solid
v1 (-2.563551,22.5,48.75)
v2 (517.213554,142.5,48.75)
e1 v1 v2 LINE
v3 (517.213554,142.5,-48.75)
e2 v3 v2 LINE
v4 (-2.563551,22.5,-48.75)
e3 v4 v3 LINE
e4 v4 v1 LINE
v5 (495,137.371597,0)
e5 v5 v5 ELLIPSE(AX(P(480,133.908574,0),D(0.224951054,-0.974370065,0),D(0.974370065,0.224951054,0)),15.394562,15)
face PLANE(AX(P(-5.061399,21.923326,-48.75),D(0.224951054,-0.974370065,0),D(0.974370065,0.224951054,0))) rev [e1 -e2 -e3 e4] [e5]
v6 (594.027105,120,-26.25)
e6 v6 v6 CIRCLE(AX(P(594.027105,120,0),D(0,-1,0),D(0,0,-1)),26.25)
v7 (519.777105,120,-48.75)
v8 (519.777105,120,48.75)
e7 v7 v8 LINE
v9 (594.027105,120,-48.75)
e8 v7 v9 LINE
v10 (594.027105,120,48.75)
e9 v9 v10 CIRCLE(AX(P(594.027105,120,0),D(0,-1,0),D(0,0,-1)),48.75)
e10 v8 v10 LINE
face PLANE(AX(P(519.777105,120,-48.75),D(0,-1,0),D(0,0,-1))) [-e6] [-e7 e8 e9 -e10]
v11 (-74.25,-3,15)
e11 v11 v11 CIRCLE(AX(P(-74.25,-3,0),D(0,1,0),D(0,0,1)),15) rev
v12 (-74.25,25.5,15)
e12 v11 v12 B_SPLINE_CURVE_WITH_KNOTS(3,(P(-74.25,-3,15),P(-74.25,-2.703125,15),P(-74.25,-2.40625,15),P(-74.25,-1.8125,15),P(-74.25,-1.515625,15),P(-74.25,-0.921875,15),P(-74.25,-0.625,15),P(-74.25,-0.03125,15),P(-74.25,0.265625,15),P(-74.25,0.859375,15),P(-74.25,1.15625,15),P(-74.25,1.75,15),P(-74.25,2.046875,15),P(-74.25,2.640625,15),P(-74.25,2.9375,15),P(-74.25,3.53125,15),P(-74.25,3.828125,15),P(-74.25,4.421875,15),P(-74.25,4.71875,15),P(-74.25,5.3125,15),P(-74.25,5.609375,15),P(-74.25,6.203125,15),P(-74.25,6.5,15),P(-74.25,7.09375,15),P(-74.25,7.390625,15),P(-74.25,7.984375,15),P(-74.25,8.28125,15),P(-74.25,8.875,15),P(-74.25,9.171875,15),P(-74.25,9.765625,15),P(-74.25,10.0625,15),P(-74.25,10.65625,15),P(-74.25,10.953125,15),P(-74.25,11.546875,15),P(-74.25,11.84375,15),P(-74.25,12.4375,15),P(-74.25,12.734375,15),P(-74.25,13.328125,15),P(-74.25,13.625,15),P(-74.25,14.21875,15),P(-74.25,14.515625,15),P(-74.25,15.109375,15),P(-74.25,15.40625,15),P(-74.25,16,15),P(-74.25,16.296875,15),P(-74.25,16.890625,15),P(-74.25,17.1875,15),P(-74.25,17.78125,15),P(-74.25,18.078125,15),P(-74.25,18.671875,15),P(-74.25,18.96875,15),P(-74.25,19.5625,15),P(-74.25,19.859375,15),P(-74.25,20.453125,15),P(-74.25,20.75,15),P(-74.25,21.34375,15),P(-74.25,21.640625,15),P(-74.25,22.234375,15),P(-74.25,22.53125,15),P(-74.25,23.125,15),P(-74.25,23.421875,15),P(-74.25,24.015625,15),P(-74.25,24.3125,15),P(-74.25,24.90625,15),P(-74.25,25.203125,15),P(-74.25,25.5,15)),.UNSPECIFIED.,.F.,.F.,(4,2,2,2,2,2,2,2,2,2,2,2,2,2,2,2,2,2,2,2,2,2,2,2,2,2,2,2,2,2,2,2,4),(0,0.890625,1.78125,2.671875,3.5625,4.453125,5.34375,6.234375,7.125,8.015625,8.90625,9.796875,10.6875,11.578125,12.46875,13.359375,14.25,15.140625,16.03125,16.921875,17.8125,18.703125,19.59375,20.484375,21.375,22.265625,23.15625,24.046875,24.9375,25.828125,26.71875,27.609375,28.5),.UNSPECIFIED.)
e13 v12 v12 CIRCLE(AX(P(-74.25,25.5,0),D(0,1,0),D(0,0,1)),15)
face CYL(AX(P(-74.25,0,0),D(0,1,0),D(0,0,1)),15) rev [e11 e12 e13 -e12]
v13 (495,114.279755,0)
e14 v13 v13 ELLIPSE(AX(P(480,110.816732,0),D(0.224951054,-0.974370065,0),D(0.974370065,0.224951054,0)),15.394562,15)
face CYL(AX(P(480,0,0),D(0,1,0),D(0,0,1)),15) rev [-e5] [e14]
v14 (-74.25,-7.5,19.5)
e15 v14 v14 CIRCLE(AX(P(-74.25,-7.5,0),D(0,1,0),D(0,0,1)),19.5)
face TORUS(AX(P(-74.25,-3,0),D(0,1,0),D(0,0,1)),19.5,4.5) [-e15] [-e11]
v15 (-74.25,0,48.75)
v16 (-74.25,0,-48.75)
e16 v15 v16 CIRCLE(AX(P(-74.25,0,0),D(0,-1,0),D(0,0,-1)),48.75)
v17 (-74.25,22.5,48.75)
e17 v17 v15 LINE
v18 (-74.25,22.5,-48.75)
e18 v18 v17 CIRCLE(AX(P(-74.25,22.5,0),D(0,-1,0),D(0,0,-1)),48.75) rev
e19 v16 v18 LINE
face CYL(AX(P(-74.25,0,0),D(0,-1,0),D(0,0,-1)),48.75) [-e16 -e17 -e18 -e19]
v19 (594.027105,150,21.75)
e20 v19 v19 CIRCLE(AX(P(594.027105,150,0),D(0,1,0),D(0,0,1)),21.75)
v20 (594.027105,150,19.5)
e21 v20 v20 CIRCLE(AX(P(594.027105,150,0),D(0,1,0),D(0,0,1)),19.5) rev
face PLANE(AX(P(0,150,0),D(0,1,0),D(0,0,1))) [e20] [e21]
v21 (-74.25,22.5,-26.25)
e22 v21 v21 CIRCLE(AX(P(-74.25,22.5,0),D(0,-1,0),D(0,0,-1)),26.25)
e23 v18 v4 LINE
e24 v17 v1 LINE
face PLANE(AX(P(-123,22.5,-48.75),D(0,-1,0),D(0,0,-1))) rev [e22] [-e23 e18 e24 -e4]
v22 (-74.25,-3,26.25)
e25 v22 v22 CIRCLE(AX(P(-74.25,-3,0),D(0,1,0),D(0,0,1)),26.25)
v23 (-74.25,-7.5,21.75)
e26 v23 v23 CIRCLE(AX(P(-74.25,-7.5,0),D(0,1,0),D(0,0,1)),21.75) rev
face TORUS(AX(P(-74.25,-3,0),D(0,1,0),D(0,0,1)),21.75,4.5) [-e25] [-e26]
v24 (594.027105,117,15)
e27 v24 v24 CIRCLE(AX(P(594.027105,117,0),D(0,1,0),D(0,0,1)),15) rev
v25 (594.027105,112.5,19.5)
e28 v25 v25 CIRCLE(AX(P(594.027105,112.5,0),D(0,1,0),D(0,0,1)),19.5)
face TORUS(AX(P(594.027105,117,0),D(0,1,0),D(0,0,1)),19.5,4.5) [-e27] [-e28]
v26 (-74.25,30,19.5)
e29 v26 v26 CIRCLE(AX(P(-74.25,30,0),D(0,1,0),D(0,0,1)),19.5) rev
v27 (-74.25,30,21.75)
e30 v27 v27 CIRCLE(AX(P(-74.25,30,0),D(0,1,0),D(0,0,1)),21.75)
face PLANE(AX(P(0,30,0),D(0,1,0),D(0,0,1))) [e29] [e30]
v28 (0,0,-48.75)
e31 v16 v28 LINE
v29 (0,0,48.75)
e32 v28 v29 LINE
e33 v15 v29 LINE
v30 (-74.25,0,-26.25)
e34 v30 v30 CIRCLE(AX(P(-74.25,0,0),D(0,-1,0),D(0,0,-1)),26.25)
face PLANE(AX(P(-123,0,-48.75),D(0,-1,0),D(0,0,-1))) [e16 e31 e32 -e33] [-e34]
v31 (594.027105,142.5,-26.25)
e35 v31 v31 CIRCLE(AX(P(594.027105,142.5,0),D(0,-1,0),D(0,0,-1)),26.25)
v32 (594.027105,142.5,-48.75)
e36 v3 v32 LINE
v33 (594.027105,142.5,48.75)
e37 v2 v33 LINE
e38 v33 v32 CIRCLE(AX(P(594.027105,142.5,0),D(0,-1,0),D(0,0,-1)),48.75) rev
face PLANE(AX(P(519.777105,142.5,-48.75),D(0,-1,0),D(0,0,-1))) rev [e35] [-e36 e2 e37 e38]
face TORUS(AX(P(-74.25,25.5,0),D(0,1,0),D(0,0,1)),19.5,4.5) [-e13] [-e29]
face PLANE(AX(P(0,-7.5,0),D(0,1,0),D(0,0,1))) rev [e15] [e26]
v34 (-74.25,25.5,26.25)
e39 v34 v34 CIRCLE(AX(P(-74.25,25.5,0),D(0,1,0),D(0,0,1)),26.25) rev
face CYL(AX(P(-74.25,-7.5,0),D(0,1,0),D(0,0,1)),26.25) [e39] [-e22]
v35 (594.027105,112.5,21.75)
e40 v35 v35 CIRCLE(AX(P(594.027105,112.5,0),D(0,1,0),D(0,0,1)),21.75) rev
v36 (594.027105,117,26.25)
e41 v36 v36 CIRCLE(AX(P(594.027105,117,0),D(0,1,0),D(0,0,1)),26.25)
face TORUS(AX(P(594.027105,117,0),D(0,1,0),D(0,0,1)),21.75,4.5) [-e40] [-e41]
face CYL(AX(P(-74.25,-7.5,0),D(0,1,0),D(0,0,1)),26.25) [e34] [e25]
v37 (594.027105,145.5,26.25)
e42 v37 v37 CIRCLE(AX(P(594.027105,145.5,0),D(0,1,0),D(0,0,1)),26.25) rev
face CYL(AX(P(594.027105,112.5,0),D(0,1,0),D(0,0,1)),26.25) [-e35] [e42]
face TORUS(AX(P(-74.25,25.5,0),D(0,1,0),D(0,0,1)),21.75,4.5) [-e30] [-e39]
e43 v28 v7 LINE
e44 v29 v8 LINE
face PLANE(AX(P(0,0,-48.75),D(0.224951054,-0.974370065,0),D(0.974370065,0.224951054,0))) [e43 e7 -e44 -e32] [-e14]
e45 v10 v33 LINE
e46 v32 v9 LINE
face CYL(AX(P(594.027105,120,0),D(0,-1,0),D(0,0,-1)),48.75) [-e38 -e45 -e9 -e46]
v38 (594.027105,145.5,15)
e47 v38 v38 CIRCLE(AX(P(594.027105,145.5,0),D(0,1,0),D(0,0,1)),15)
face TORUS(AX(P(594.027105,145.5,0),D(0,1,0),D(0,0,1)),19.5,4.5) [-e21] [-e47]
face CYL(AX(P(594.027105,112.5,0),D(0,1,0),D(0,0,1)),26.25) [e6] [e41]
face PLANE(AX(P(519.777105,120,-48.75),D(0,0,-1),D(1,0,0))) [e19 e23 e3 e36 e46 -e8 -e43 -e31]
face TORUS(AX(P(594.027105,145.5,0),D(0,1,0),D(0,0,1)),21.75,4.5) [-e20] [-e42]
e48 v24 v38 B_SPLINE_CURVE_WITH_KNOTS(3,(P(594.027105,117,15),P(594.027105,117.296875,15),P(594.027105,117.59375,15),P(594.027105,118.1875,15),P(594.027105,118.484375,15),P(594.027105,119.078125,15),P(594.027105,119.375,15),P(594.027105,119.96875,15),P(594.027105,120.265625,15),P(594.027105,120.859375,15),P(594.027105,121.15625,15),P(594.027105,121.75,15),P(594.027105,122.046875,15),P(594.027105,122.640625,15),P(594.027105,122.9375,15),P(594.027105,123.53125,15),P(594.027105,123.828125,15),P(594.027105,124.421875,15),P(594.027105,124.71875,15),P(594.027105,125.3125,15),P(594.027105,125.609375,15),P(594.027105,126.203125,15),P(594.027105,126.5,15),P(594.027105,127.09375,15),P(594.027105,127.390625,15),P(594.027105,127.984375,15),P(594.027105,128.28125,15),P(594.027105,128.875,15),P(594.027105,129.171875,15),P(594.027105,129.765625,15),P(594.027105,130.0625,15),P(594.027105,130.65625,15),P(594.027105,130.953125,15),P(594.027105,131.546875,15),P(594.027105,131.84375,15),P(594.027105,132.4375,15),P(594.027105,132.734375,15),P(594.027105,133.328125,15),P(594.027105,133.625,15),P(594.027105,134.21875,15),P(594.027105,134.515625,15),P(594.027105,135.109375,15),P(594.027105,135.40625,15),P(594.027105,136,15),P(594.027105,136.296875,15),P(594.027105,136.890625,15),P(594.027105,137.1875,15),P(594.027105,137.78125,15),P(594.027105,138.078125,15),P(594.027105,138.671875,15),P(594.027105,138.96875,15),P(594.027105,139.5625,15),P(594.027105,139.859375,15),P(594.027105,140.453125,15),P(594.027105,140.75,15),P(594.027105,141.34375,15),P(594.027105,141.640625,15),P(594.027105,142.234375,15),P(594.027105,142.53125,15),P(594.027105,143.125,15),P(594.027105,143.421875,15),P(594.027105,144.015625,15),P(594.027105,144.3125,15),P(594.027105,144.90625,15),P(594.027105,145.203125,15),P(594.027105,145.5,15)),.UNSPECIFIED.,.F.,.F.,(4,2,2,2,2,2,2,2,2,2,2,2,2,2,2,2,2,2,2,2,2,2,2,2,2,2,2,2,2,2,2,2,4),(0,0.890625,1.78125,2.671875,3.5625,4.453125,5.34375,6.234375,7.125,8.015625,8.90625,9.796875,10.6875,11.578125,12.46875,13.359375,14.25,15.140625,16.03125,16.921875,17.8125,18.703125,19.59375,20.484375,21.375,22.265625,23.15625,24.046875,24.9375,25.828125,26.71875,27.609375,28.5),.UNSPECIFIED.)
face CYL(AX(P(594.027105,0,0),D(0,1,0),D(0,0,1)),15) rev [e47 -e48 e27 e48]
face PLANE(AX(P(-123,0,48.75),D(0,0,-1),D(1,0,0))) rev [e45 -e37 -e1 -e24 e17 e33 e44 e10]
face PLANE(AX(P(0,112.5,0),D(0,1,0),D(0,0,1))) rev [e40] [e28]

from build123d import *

# Parameters (mm, degrees)
SURFACE_EXTRUDE1_1_BACK  = 48.75
SURFACE_EXTRUDE1_1_DEPTH = 97.5
THICKEN1_T1              = 22.5
FILLET1_RADIUS           = 48.75
FILLET1_LENGTH           = 22.5
FILLET2_RADIUS           = 48.75
FILLET2_LENGTH           = 22.5
CUT_EXTRUDE2_DEPTH       = 656.697315155
CUT_EXTRUDE2_DEPTH_BACK  = 656.697315155
SKETCH2_R                = 15
BOSS_EXTRUDE1_DEPTH      = 7.5
BOSS_EXTRUDE1_DEPTH_BACK = 30
SKETCH3_R                = 26.25
SKETCH3_R_2              = 15
BOSS_EXTRUDE2_DEPTH      = 7.5
BOSS_EXTRUDE2_DEPTH_BACK = 30
SKETCH4_R                = 26.25
SKETCH4_R_2              = 15
FILLET3_R                = 4.5


with BuildPart() as body_1:
    # Surface-Extrude1: a surface, the sketch's curves swept straight by 97.5 mm
    with BuildLine(Plane.XY.offset(-SURFACE_EXTRUDE1_1_BACK), mode=Mode.PRIVATE) as surface_extrude1_1_path:
        Line((-123, 0), (0, 0))
        Line((0, 0), (519.777104914, 120))
        Line((519.777104914, 120), (642.777104914, 120))
    surface_extrude1_1 = Shell.extrude(surface_extrude1_1_path.wire(), (0 * SURFACE_EXTRUDE1_1_DEPTH, 0 * SURFACE_EXTRUDE1_1_DEPTH, 1 * SURFACE_EXTRUDE1_1_DEPTH))
    add(Solid.thicken(surface_extrude1_1, THICKEN1_T1))

    # Fillet1: full round fillet: the end face becomes a half cylinder, R = half its width
    fillet1_face = Plane((642.777104914, 131.25, 0), x_dir=(0, -1, 0), z_dir=(1, 0, 0))  # on the end face: x along it, z out of the body
    fillet1_slab = fillet1_face.offset(-FILLET1_RADIUS / 2) * Box(FILLET1_LENGTH, 2 * FILLET1_RADIUS, FILLET1_RADIUS, mode=Mode.PRIVATE)  # the body's end, R deep
    fillet1_round = Plane((594.027104914, 131.25, 0), x_dir=(1, 0, 0), z_dir=(0, -1, 0)) * Cylinder(FILLET1_RADIUS, FILLET1_LENGTH, mode=Mode.PRIVATE)  # its axis R under the face
    add(fillet1_slab - fillet1_round, mode=Mode.SUBTRACT)

    # Fillet2: full round fillet: the end face becomes a half cylinder, R = half its width
    fillet2_face = Plane((-123, 11.25, 0), x_dir=(0, 1, 0), z_dir=(-1, 0, 0))  # on the end face: x along it, z out of the body
    fillet2_slab = fillet2_face.offset(-FILLET2_RADIUS / 2) * Box(FILLET2_LENGTH, 2 * FILLET2_RADIUS, FILLET2_RADIUS, mode=Mode.PRIVATE)  # the body's end, R deep
    fillet2_round = Plane((-74.25, 11.25, 0), x_dir=(-1, 0, 0), z_dir=(0, 1, 0)) * Cylinder(FILLET2_RADIUS, FILLET2_LENGTH, mode=Mode.PRIVATE)  # its axis R under the face
    add(fillet2_slab - fillet2_round, mode=Mode.SUBTRACT)

    # Sketch2 → Cut-Extrude2 (cut, two sides: drawn at the far end of the back side and taken through both)
    with BuildSketch(Plane(origin=(0, 22.5, 0), x_dir=(1, 0, 0), z_dir=(0, 1, 0)).offset(-CUT_EXTRUDE2_DEPTH_BACK)):
        with Locations(Location((-74.25, 0, 0), (0, 0, 270))):
            Circle(SKETCH2_R)
        with Locations((480, 0)):
            Circle(SKETCH2_R)
        with Locations(Location((594.027104914, 0, 0), (0, 0, 270))):
            Circle(SKETCH2_R)
    extrude(amount=CUT_EXTRUDE2_DEPTH + CUT_EXTRUDE2_DEPTH_BACK, mode=Mode.SUBTRACT)

    # Sketch3 → Boss-Extrude1 (add, two sides: drawn at the far end of the back side and taken through both)
    with BuildSketch(Plane(origin=(0, 22.5, 0), x_dir=(1, 0, 0), z_dir=(0, 1, 0)).offset(-BOSS_EXTRUDE1_DEPTH_BACK)):
        with Locations(Location((-74.25, 0, 0), (0, 0, 270))):
            Circle(SKETCH3_R)
        with Locations(Location((-74.25, 0, 0), (0, 0, 270))):
            Circle(SKETCH3_R_2, mode=Mode.SUBTRACT)
    extrude(amount=BOSS_EXTRUDE1_DEPTH + BOSS_EXTRUDE1_DEPTH_BACK)

    # Sketch4 → Boss-Extrude2 (add, two sides: drawn at the far end of the back side and taken through both)
    with BuildSketch(Plane(origin=(0, 142.5, 0), x_dir=(1, 0, 0), z_dir=(0, 1, 0)).offset(-BOSS_EXTRUDE2_DEPTH_BACK)):
        with Locations(Location((594.027104914, 0, 0), (0, 0, 270))):
            Circle(SKETCH4_R)
        with Locations(Location((594.027104914, 0, 0), (0, 0, 270))):
            Circle(SKETCH4_R_2, mode=Mode.SUBTRACT)
    extrude(amount=BOSS_EXTRUDE2_DEPTH + BOSS_EXTRUDE2_DEPTH_BACK)

    # Fillet3
    fillet3_edges = [body_1.edges().sort_by_distance(p)[0] for p in [
        (-74.25, -7.5, -15),
        (-74.25, -7.5, -26.25),
        (-74.25, 30, -15),
        (-74.25, 30, -26.25),
        (594.027104914, 112.5, -15),
        (594.027104914, 112.5, -26.25),
        (594.027104914, 150, -15),
        (594.027104914, 150, -26.25),
    ]]
    fillet(fillet3_edges, radius=FILLET3_R)


solid = body_1.part
